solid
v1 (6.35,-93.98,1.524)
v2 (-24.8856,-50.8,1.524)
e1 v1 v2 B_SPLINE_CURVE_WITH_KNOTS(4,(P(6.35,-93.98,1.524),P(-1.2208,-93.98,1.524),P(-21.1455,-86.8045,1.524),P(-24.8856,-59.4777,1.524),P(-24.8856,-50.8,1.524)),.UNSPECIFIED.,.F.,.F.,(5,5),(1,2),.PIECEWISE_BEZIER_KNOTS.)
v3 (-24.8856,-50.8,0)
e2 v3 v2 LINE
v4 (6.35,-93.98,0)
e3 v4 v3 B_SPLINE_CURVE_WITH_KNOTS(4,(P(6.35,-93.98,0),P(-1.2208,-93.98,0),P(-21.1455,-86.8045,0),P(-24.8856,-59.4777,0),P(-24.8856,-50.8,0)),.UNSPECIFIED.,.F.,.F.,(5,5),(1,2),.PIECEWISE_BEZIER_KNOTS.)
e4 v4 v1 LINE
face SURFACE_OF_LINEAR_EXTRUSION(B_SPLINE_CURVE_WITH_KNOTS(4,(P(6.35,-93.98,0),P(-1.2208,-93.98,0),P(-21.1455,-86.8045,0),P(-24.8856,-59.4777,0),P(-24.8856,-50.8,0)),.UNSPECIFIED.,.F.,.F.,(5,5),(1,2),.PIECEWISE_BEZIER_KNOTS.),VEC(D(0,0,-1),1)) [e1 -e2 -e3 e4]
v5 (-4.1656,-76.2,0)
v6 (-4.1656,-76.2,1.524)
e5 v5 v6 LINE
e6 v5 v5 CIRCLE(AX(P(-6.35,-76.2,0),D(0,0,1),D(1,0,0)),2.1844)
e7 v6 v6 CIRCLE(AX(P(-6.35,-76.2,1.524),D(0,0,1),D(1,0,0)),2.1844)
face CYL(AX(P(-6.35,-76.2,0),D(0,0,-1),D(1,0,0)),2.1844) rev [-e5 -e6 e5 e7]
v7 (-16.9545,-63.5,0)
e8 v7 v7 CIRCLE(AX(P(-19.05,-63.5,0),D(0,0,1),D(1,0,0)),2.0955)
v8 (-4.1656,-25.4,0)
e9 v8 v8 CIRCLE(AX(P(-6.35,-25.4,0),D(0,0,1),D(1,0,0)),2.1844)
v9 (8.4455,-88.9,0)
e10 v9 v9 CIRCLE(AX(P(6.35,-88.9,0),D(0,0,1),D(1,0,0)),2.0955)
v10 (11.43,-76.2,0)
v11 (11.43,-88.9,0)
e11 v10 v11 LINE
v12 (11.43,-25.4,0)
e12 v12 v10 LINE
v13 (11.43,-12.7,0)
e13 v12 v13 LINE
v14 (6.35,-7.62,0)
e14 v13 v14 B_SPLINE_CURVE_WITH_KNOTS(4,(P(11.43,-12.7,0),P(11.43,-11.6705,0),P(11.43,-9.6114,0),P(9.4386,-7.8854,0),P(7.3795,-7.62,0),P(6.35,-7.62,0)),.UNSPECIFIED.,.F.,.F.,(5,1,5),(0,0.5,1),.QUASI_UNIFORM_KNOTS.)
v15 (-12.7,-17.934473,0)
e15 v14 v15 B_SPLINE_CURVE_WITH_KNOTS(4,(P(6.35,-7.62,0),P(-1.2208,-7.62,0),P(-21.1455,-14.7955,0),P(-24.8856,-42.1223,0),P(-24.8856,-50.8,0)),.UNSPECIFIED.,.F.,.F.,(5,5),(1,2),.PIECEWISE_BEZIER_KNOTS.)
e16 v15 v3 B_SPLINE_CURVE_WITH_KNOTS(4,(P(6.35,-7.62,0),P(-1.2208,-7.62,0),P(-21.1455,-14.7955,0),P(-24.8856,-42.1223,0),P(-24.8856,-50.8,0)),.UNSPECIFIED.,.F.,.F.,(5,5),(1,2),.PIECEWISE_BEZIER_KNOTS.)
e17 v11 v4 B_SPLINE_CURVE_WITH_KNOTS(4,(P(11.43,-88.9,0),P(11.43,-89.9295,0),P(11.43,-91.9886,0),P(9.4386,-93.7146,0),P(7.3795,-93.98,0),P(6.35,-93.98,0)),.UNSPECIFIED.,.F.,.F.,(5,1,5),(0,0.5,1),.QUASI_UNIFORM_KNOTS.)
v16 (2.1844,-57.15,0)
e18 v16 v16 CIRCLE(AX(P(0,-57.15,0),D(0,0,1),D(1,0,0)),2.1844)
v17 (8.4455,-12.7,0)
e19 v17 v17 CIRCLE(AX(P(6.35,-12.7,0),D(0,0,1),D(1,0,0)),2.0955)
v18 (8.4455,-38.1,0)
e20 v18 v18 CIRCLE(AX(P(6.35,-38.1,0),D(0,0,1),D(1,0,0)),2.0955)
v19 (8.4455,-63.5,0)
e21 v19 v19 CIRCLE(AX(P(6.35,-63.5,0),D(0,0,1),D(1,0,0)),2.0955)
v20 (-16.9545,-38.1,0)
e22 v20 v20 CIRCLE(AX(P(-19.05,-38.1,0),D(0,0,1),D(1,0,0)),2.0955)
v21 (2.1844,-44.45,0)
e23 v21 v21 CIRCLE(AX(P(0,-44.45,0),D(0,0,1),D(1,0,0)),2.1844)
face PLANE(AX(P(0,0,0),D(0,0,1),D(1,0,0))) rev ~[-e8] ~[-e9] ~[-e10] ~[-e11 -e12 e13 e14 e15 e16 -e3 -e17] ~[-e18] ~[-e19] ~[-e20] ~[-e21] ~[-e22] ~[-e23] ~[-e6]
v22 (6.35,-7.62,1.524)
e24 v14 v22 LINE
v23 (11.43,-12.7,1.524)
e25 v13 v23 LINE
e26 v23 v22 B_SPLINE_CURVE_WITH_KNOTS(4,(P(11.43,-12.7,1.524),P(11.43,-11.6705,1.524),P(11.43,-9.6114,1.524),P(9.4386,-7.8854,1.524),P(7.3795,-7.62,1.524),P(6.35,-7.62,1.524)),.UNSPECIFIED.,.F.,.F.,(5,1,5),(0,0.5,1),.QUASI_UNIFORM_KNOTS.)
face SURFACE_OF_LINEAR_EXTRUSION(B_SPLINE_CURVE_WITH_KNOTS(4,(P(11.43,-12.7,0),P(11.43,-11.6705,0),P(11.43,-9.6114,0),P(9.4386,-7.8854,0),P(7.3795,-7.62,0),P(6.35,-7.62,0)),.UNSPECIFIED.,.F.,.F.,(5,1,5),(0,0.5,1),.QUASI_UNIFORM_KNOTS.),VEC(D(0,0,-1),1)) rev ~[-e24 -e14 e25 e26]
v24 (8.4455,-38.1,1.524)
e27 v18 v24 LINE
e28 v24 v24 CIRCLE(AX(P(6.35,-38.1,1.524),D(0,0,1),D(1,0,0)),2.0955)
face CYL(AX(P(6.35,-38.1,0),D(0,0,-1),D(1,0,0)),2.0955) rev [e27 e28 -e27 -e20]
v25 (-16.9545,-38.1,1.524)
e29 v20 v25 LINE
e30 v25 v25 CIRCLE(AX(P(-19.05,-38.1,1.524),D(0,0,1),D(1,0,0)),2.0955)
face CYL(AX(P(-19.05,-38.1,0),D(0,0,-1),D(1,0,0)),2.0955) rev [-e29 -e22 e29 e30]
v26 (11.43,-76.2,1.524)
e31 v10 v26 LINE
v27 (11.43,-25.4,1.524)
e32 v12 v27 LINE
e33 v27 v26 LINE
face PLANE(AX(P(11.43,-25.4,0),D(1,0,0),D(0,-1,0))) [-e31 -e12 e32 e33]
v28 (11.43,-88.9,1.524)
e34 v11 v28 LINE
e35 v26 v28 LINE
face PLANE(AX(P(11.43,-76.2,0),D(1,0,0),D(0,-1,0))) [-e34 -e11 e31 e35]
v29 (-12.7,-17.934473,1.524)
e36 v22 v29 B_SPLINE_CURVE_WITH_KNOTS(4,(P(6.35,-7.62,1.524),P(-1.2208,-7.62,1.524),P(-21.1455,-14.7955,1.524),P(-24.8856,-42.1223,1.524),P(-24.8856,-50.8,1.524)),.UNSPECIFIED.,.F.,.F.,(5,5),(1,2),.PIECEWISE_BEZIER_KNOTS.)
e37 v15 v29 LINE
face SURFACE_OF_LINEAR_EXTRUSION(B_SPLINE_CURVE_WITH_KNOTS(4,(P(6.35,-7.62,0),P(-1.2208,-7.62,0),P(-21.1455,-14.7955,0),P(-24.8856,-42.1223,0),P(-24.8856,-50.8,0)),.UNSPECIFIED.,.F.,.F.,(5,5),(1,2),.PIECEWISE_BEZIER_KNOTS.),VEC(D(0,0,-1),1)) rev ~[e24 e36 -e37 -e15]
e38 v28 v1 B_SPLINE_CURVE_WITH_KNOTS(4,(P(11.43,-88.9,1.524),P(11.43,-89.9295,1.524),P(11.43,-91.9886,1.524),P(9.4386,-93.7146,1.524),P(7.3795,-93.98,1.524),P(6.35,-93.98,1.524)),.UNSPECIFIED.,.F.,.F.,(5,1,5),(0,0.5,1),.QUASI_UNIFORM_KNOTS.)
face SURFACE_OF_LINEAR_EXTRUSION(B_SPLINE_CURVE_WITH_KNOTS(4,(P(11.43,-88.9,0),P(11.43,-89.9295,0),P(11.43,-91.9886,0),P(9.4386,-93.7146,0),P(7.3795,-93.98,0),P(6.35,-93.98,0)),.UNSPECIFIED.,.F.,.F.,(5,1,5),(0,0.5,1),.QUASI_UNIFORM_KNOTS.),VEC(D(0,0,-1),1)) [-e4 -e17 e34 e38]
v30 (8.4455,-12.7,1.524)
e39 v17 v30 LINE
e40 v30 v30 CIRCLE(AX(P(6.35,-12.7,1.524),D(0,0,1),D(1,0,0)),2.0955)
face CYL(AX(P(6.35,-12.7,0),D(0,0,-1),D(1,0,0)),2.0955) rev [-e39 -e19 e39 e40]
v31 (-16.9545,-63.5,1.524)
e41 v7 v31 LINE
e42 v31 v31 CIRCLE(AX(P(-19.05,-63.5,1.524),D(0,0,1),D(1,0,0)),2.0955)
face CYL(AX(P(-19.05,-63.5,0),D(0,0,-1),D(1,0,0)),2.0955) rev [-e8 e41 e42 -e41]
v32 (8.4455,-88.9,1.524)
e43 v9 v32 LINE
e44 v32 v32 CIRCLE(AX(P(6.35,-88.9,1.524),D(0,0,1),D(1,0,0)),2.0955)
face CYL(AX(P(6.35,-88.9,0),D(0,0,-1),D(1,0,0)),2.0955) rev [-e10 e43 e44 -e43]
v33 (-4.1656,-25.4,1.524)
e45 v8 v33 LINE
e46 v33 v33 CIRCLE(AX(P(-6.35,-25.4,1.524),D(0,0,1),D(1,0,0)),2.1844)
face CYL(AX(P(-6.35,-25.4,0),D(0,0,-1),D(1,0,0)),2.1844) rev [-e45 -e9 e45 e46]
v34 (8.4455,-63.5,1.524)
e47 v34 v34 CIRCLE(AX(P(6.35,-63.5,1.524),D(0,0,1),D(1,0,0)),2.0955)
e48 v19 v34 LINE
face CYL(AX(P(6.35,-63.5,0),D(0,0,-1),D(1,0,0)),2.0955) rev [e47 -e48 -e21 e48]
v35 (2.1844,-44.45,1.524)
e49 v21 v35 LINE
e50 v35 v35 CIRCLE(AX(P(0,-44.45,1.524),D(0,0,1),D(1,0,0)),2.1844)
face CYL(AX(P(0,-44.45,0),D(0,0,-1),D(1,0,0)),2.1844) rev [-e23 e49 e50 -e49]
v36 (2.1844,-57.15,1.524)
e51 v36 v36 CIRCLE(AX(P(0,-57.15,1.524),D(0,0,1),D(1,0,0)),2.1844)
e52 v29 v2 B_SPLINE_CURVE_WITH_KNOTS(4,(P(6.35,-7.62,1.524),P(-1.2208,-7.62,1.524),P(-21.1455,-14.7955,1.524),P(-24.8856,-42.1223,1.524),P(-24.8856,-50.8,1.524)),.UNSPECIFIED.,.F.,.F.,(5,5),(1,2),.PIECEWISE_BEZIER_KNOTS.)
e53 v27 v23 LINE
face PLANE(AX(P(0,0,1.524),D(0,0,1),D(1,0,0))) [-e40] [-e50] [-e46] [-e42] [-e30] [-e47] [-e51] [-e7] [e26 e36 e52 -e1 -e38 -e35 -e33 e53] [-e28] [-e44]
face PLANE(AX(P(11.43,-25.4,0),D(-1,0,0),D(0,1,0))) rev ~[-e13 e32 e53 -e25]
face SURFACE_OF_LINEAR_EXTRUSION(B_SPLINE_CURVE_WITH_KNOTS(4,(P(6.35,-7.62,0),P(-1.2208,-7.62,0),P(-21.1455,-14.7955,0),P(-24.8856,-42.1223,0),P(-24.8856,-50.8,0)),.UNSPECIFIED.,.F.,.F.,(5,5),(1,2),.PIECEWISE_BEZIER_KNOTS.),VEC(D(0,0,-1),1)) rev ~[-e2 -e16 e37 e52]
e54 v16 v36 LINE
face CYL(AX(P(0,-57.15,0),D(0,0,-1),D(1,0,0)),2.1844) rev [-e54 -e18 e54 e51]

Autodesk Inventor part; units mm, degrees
ref_plane "YZ Plane" through (0, 0, 0) normal (1, 0, 0) x (0, 1, 0)
ref_plane "XZ Plane" through (0, 0, 0) normal (0, 1, 0) x (-1, 0, 0)
ref_plane "XY Plane" through (0, 0, 0) normal (0, 0, 1) x (1, 0, 0)
sketch "Sketch1" plane through (0, 0, 0) normal (0, 0, 1) x (1, 0, 0)
  line L0 (11.43, -25.4) -> (11.43, -76.2)
  circle A0 centre (6.35, -38.1) radius 2.0955
  circle A1 centre (6.35, -63.5) radius 2.0955
  line L1 (11.43, -76.2) -> (11.43, -88.9)
  line L2 (11.43, -25.4) -> (11.43, -12.7)
  circle A2 centre (6.35, -12.7) radius 2.0955
  circle A3 centre (6.35, -88.9) radius 2.0955
  line L3 (6.35, -38.1) -> (6.35, -63.5) construction
  line L4 (6.35, -50.8) -> (8.4455, -50.8) construction
  line L5 (6.35, -7.62) -> (-1.2208, -7.62) construction
  line L6 (-1.2208, -7.62) -> (-21.1455, -14.7955) construction
  line L7 (-21.1455, -14.7955) -> (-24.8856, -42.1223) construction
  line L8 (-24.8856, -42.1223) -> (-24.8856, -50.8) construction
  spline S0 degree 4 poles (6.35, -7.62) (-1.2208, -7.62) (-21.1455, -14.7955) (-24.8856, -42.1223) (-24.8856, -50.8) knots 1 1 1 1 1 2 2 2 2 2
  line L9 (6.35, -93.98) -> (-1.2208, -93.98) construction
  line L10 (-1.2208, -93.98) -> (-21.1455, -86.8045) construction
  line L11 (-21.1455, -86.8045) -> (-24.8856, -59.4777) construction
  line L12 (-24.8856, -59.4777) -> (-24.8856, -50.8) construction
  spline S1 degree 4 poles (6.35, -93.98) (-1.2208, -93.98) (-21.1455, -86.8045) (-24.8856, -59.4777) (-24.8856, -50.8) knots 1 1 1 1 1 2 2 2 2 2
  spline S2 degree 4 poles (11.43, -12.7) (11.43, -11.6705) (11.43, -9.6114) (9.4386, -7.8854) (7.3795, -7.62) (6.35, -7.62) knots 0 0 0 0 0 0.5 1 1 1 1 1
  spline S3 degree 4 poles (11.43, -88.9) (11.43, -89.9295) (11.43, -91.9886) (9.4386, -93.7146) (7.3795, -93.98) (6.35, -93.98) knots 0 0 0 0 0 0.5 1 1 1 1 1
  circle A4 centre (-6.35, -25.4) radius 2.1844 projected
  circle A5 centre (-6.35, -76.2) radius 2.1844 projected
  circle A6 centre (0, -44.45) radius 2.1844 projected
  circle A7 centre (0, -57.15) radius 2.1844 projected
  line L13 (-12.7, -30.6578) -> (-12.7, 30.8102) projected
  circle A8 centre (-19.05, -38.1) radius 2.0955
  circle A9 centre (-19.05, -63.5) radius 2.0955
  point P0 (0, 0)
  dimension "d2" = 4.191
  dimension "d3" = 4.191
  dimension "d4" = 12.7
  dimension "d5" = 4.191
  dimension "d6" = 4.191
  dimension "d9" = 4.191
  dimension "d10" = 6.35
  dimension "d12" = 0
  dimension "d13" = 4.191
  dimension "d14" = 0
  dimension "d15" = 0
extrude "Extrusion2" add sketch "Sketch1" along normal blind 1.524
properties part number "shaft-retainer-v2"
